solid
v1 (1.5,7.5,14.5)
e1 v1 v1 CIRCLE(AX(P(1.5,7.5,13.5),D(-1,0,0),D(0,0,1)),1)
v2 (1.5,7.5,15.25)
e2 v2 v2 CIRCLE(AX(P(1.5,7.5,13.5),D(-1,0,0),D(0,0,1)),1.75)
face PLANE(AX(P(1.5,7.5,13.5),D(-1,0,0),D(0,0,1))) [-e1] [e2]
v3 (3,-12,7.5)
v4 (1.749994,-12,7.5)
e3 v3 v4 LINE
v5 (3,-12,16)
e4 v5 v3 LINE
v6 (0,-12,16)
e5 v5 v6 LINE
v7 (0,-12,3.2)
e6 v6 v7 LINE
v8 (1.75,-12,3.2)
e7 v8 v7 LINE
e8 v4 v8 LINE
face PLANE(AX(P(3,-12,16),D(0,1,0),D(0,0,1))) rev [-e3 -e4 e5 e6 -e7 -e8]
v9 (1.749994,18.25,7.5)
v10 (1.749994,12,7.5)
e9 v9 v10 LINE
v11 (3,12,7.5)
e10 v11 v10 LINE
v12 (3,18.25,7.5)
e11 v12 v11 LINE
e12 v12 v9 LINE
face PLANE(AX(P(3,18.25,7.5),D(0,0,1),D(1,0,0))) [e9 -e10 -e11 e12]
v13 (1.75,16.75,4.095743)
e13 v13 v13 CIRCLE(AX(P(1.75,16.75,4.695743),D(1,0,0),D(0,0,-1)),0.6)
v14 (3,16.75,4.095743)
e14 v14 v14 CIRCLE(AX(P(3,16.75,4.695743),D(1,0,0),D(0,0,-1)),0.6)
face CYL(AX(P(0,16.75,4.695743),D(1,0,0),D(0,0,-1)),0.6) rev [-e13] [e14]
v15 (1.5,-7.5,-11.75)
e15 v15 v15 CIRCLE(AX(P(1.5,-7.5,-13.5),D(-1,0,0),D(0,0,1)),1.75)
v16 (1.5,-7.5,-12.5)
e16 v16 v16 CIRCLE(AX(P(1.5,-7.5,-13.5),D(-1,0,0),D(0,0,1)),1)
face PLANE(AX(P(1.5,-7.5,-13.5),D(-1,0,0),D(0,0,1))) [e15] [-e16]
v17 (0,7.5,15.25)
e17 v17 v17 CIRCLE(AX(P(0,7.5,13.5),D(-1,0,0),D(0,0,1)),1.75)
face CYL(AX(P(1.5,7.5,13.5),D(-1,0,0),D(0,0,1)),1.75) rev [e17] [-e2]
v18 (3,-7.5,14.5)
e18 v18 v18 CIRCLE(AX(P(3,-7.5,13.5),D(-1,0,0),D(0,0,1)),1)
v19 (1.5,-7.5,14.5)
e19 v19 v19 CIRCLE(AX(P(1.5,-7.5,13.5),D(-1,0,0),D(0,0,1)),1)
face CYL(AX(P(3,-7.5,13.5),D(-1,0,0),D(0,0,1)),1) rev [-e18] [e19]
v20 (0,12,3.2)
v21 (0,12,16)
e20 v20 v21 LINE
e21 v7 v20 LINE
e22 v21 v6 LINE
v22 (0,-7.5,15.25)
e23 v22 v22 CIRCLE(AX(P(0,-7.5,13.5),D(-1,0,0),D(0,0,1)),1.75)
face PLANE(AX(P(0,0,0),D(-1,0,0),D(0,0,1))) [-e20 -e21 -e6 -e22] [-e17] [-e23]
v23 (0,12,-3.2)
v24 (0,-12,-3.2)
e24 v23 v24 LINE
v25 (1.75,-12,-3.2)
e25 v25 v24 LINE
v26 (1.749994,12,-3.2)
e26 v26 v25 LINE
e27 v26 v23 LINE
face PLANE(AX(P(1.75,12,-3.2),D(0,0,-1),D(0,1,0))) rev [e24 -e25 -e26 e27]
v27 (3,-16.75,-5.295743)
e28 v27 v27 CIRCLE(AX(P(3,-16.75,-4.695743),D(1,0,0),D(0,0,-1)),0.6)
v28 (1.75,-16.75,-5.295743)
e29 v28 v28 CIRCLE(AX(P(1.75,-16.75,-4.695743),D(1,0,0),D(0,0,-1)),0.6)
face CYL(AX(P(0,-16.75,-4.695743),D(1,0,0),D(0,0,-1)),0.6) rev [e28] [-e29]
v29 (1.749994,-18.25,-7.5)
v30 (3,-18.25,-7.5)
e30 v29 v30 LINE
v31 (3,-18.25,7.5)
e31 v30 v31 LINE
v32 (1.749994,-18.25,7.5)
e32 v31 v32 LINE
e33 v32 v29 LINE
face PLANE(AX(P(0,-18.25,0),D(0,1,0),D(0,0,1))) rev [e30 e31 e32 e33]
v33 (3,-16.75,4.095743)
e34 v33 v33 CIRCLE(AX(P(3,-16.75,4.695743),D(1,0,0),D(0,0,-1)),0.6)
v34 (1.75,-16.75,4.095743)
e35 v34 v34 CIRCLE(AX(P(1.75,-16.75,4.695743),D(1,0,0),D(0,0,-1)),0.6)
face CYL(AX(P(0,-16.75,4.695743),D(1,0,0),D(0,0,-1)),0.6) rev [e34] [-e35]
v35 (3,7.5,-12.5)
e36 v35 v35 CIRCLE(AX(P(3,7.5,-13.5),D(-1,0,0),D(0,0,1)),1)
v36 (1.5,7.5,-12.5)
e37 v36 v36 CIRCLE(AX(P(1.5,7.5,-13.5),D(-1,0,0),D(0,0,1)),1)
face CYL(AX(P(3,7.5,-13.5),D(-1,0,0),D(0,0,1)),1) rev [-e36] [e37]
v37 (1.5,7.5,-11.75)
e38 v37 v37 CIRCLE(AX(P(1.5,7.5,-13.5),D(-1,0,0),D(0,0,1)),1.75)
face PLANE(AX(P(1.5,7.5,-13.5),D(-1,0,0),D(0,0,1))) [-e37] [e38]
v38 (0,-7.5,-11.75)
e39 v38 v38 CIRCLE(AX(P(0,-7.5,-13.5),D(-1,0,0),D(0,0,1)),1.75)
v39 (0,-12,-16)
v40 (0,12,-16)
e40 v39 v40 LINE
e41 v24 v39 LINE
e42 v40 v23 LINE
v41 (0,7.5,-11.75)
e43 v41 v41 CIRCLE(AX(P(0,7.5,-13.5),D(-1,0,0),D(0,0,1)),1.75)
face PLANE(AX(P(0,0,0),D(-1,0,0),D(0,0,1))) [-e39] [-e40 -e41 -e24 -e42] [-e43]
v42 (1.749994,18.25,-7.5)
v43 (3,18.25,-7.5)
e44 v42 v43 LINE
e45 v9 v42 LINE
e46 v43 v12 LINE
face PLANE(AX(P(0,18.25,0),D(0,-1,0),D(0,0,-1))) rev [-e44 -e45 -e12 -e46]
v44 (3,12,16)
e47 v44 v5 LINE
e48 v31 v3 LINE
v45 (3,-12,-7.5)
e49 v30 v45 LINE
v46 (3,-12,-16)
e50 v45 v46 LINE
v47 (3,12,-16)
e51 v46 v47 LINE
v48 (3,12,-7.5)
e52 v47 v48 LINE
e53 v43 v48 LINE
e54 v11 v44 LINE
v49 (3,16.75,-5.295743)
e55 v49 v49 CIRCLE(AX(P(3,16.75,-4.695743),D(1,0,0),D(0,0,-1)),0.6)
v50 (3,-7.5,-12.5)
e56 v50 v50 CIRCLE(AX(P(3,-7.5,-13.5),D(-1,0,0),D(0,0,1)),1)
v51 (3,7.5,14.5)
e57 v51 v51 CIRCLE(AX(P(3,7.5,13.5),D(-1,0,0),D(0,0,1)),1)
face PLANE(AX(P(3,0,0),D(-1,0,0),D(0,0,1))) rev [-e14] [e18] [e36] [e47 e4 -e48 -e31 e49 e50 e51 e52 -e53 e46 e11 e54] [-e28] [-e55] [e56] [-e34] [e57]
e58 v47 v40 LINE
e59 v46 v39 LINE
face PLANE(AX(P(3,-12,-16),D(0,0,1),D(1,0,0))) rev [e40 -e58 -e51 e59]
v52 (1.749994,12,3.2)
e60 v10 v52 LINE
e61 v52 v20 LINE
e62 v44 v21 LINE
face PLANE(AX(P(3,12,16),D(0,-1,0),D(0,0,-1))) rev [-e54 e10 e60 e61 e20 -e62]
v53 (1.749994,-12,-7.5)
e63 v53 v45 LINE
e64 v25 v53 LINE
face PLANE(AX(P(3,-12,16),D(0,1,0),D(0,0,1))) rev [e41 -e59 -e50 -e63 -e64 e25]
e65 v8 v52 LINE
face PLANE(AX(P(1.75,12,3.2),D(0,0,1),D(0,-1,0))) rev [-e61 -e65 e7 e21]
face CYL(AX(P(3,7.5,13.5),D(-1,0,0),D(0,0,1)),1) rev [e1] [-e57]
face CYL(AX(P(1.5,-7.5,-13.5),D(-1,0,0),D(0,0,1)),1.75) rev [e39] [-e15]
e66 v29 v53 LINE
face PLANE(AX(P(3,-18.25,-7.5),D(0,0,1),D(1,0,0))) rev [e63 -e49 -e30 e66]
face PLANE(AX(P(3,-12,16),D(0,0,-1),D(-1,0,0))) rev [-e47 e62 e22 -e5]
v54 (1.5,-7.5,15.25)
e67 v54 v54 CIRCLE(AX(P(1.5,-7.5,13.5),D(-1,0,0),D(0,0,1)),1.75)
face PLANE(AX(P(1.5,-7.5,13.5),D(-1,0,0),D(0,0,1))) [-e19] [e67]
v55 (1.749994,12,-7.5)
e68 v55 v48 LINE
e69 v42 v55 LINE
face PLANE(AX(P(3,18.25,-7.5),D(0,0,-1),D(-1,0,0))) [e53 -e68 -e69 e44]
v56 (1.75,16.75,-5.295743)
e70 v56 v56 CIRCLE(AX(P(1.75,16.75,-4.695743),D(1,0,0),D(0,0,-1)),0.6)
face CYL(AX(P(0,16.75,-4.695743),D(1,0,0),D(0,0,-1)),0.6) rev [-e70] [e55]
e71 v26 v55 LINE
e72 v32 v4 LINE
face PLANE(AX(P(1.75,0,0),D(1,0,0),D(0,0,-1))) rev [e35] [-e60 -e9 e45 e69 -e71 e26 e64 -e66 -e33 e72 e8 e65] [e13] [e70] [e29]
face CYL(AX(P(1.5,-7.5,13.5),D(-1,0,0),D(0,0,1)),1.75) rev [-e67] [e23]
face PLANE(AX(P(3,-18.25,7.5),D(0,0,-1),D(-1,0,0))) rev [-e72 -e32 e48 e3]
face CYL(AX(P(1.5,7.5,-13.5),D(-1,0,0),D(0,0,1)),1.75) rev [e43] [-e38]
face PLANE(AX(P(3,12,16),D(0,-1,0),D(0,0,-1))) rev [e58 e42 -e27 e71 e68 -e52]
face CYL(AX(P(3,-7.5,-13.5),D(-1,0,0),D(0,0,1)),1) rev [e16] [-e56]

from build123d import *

# Parameters (mm, degrees)
SKETCH_1_W          = 32
SKETCH_1_H          = 24
EXTRUDE_1_DEPTH     = 3
SKETCH_4_W          = 6.4
SKETCH_4_H          = 24
CUT_EXTRUDE_1_DEPTH = 1.75
SKETCH_5_W          = 1.250005523
SKETCH_5_H          = 15
EXTRUDE_2_DEPTH     = 6.25
EXTRUDE_START       = -24
SKETCH_5_2_W        = 1.250005523
SKETCH_5_2_H        = 15
EXTRUDE_3_DEPTH     = 6.25
SKETCH_6_R          = 0.6
CUT_EXTRUDE_2_DEPTH = 25.455316395
SKETCH_7_R          = 1.75
SKETCH_7_R_2        = 1
CUT_EXTRUDE_4_DEPTH = 1.5
SKETCH_7_2_R        = 1
CUT_EXTRUDE_5_DEPTH = 25.455316395


with BuildPart() as part:
    # 草图1 → 凸台-拉伸1 (new body)
    with BuildSketch(Plane(origin=(0, 0, 0), x_dir=(0, 0, -1), z_dir=(1, 0, 0))):
        Rectangle(SKETCH_1_W, SKETCH_1_H)
    extrude(amount=EXTRUDE_1_DEPTH)

    # 草图4 → 切除-拉伸1 (cut)
    with BuildSketch(Plane.ZY):
        Rectangle(SKETCH_4_W, SKETCH_4_H)
    extrude(amount=-CUT_EXTRUDE_1_DEPTH, mode=Mode.SUBTRACT)

    # 草图5 → 凸台-拉伸2 (add)
    with BuildSketch(Plane.XZ.offset(12)):
        with Locations((2.374997239, 0)):
            Rectangle(SKETCH_5_W, SKETCH_5_H)
    extrude(amount=EXTRUDE_2_DEPTH)

    # 草图5<2> → 凸台-拉伸3 (add)
    with BuildSketch(Plane.XZ.offset(12).offset(EXTRUDE_START)):
        with Locations((2.374997239, 0)):
            Rectangle(SKETCH_5_2_W, SKETCH_5_2_H)
    extrude(amount=-EXTRUDE_3_DEPTH)

    # 草图6 → 切除-拉伸2 (cut, through all)
    with BuildSketch(Plane(origin=(3, 0, 0), x_dir=(0, 0, -1), z_dir=(1, 0, 0))):
        with Locations((4.695742753, -16.75)):
            Circle(SKETCH_6_R)
        with Locations((-4.695742753, -16.75)):
            Circle(SKETCH_6_R)
        with Locations((4.695742753, 16.75)):
            Circle(SKETCH_6_R)
        with Locations((-4.695742753, 16.75)):
            Circle(SKETCH_6_R)
    extrude(amount=-CUT_EXTRUDE_2_DEPTH, mode=Mode.SUBTRACT)

    # 草图7 → 切除-拉伸4 (cut)
    # profile 1 of 4: a face of its own
    with BuildSketch(Plane.ZY):
        with Locations((13.5, 7.5)):
            Circle(SKETCH_7_R)
        with Locations((13.5, 7.5)):
            Circle(SKETCH_7_R_2, mode=Mode.SUBTRACT)
    # profile 2 of 4: a face of its own
    with BuildSketch(Plane.ZY):
        with Locations((13.5, -7.5)):
            Circle(SKETCH_7_R)
        with Locations((13.5, -7.5)):
            Circle(SKETCH_7_R_2, mode=Mode.SUBTRACT)
    # profile 3 of 4: a face of its own
    with BuildSketch(Plane.ZY):
        with Locations((-13.5, 7.5)):
            Circle(SKETCH_7_R)
        with Locations((-13.5, 7.5)):
            Circle(SKETCH_7_R_2, mode=Mode.SUBTRACT)
    # profile 4 of 4: a face of its own
    with BuildSketch(Plane.ZY):
        with Locations((-13.5, -7.5)):
            Circle(SKETCH_7_R)
        with Locations((-13.5, -7.5)):
            Circle(SKETCH_7_R_2, mode=Mode.SUBTRACT)
    extrude(amount=-CUT_EXTRUDE_4_DEPTH, mode=Mode.SUBTRACT)

    # 草图7<2> → 切除-拉伸5 (cut, through all)
    with BuildSketch(Plane.ZY):
        with Locations((13.5, 7.5)):
            Circle(SKETCH_7_2_R)
        with Locations((13.5, -7.5)):
            Circle(SKETCH_7_2_R)
        with Locations((-13.5, -7.5)):
            Circle(SKETCH_7_2_R)
        with Locations((-13.5, 7.5)):
            Circle(SKETCH_7_2_R)
    extrude(amount=-CUT_EXTRUDE_5_DEPTH, mode=Mode.SUBTRACT)


solid = part.part
